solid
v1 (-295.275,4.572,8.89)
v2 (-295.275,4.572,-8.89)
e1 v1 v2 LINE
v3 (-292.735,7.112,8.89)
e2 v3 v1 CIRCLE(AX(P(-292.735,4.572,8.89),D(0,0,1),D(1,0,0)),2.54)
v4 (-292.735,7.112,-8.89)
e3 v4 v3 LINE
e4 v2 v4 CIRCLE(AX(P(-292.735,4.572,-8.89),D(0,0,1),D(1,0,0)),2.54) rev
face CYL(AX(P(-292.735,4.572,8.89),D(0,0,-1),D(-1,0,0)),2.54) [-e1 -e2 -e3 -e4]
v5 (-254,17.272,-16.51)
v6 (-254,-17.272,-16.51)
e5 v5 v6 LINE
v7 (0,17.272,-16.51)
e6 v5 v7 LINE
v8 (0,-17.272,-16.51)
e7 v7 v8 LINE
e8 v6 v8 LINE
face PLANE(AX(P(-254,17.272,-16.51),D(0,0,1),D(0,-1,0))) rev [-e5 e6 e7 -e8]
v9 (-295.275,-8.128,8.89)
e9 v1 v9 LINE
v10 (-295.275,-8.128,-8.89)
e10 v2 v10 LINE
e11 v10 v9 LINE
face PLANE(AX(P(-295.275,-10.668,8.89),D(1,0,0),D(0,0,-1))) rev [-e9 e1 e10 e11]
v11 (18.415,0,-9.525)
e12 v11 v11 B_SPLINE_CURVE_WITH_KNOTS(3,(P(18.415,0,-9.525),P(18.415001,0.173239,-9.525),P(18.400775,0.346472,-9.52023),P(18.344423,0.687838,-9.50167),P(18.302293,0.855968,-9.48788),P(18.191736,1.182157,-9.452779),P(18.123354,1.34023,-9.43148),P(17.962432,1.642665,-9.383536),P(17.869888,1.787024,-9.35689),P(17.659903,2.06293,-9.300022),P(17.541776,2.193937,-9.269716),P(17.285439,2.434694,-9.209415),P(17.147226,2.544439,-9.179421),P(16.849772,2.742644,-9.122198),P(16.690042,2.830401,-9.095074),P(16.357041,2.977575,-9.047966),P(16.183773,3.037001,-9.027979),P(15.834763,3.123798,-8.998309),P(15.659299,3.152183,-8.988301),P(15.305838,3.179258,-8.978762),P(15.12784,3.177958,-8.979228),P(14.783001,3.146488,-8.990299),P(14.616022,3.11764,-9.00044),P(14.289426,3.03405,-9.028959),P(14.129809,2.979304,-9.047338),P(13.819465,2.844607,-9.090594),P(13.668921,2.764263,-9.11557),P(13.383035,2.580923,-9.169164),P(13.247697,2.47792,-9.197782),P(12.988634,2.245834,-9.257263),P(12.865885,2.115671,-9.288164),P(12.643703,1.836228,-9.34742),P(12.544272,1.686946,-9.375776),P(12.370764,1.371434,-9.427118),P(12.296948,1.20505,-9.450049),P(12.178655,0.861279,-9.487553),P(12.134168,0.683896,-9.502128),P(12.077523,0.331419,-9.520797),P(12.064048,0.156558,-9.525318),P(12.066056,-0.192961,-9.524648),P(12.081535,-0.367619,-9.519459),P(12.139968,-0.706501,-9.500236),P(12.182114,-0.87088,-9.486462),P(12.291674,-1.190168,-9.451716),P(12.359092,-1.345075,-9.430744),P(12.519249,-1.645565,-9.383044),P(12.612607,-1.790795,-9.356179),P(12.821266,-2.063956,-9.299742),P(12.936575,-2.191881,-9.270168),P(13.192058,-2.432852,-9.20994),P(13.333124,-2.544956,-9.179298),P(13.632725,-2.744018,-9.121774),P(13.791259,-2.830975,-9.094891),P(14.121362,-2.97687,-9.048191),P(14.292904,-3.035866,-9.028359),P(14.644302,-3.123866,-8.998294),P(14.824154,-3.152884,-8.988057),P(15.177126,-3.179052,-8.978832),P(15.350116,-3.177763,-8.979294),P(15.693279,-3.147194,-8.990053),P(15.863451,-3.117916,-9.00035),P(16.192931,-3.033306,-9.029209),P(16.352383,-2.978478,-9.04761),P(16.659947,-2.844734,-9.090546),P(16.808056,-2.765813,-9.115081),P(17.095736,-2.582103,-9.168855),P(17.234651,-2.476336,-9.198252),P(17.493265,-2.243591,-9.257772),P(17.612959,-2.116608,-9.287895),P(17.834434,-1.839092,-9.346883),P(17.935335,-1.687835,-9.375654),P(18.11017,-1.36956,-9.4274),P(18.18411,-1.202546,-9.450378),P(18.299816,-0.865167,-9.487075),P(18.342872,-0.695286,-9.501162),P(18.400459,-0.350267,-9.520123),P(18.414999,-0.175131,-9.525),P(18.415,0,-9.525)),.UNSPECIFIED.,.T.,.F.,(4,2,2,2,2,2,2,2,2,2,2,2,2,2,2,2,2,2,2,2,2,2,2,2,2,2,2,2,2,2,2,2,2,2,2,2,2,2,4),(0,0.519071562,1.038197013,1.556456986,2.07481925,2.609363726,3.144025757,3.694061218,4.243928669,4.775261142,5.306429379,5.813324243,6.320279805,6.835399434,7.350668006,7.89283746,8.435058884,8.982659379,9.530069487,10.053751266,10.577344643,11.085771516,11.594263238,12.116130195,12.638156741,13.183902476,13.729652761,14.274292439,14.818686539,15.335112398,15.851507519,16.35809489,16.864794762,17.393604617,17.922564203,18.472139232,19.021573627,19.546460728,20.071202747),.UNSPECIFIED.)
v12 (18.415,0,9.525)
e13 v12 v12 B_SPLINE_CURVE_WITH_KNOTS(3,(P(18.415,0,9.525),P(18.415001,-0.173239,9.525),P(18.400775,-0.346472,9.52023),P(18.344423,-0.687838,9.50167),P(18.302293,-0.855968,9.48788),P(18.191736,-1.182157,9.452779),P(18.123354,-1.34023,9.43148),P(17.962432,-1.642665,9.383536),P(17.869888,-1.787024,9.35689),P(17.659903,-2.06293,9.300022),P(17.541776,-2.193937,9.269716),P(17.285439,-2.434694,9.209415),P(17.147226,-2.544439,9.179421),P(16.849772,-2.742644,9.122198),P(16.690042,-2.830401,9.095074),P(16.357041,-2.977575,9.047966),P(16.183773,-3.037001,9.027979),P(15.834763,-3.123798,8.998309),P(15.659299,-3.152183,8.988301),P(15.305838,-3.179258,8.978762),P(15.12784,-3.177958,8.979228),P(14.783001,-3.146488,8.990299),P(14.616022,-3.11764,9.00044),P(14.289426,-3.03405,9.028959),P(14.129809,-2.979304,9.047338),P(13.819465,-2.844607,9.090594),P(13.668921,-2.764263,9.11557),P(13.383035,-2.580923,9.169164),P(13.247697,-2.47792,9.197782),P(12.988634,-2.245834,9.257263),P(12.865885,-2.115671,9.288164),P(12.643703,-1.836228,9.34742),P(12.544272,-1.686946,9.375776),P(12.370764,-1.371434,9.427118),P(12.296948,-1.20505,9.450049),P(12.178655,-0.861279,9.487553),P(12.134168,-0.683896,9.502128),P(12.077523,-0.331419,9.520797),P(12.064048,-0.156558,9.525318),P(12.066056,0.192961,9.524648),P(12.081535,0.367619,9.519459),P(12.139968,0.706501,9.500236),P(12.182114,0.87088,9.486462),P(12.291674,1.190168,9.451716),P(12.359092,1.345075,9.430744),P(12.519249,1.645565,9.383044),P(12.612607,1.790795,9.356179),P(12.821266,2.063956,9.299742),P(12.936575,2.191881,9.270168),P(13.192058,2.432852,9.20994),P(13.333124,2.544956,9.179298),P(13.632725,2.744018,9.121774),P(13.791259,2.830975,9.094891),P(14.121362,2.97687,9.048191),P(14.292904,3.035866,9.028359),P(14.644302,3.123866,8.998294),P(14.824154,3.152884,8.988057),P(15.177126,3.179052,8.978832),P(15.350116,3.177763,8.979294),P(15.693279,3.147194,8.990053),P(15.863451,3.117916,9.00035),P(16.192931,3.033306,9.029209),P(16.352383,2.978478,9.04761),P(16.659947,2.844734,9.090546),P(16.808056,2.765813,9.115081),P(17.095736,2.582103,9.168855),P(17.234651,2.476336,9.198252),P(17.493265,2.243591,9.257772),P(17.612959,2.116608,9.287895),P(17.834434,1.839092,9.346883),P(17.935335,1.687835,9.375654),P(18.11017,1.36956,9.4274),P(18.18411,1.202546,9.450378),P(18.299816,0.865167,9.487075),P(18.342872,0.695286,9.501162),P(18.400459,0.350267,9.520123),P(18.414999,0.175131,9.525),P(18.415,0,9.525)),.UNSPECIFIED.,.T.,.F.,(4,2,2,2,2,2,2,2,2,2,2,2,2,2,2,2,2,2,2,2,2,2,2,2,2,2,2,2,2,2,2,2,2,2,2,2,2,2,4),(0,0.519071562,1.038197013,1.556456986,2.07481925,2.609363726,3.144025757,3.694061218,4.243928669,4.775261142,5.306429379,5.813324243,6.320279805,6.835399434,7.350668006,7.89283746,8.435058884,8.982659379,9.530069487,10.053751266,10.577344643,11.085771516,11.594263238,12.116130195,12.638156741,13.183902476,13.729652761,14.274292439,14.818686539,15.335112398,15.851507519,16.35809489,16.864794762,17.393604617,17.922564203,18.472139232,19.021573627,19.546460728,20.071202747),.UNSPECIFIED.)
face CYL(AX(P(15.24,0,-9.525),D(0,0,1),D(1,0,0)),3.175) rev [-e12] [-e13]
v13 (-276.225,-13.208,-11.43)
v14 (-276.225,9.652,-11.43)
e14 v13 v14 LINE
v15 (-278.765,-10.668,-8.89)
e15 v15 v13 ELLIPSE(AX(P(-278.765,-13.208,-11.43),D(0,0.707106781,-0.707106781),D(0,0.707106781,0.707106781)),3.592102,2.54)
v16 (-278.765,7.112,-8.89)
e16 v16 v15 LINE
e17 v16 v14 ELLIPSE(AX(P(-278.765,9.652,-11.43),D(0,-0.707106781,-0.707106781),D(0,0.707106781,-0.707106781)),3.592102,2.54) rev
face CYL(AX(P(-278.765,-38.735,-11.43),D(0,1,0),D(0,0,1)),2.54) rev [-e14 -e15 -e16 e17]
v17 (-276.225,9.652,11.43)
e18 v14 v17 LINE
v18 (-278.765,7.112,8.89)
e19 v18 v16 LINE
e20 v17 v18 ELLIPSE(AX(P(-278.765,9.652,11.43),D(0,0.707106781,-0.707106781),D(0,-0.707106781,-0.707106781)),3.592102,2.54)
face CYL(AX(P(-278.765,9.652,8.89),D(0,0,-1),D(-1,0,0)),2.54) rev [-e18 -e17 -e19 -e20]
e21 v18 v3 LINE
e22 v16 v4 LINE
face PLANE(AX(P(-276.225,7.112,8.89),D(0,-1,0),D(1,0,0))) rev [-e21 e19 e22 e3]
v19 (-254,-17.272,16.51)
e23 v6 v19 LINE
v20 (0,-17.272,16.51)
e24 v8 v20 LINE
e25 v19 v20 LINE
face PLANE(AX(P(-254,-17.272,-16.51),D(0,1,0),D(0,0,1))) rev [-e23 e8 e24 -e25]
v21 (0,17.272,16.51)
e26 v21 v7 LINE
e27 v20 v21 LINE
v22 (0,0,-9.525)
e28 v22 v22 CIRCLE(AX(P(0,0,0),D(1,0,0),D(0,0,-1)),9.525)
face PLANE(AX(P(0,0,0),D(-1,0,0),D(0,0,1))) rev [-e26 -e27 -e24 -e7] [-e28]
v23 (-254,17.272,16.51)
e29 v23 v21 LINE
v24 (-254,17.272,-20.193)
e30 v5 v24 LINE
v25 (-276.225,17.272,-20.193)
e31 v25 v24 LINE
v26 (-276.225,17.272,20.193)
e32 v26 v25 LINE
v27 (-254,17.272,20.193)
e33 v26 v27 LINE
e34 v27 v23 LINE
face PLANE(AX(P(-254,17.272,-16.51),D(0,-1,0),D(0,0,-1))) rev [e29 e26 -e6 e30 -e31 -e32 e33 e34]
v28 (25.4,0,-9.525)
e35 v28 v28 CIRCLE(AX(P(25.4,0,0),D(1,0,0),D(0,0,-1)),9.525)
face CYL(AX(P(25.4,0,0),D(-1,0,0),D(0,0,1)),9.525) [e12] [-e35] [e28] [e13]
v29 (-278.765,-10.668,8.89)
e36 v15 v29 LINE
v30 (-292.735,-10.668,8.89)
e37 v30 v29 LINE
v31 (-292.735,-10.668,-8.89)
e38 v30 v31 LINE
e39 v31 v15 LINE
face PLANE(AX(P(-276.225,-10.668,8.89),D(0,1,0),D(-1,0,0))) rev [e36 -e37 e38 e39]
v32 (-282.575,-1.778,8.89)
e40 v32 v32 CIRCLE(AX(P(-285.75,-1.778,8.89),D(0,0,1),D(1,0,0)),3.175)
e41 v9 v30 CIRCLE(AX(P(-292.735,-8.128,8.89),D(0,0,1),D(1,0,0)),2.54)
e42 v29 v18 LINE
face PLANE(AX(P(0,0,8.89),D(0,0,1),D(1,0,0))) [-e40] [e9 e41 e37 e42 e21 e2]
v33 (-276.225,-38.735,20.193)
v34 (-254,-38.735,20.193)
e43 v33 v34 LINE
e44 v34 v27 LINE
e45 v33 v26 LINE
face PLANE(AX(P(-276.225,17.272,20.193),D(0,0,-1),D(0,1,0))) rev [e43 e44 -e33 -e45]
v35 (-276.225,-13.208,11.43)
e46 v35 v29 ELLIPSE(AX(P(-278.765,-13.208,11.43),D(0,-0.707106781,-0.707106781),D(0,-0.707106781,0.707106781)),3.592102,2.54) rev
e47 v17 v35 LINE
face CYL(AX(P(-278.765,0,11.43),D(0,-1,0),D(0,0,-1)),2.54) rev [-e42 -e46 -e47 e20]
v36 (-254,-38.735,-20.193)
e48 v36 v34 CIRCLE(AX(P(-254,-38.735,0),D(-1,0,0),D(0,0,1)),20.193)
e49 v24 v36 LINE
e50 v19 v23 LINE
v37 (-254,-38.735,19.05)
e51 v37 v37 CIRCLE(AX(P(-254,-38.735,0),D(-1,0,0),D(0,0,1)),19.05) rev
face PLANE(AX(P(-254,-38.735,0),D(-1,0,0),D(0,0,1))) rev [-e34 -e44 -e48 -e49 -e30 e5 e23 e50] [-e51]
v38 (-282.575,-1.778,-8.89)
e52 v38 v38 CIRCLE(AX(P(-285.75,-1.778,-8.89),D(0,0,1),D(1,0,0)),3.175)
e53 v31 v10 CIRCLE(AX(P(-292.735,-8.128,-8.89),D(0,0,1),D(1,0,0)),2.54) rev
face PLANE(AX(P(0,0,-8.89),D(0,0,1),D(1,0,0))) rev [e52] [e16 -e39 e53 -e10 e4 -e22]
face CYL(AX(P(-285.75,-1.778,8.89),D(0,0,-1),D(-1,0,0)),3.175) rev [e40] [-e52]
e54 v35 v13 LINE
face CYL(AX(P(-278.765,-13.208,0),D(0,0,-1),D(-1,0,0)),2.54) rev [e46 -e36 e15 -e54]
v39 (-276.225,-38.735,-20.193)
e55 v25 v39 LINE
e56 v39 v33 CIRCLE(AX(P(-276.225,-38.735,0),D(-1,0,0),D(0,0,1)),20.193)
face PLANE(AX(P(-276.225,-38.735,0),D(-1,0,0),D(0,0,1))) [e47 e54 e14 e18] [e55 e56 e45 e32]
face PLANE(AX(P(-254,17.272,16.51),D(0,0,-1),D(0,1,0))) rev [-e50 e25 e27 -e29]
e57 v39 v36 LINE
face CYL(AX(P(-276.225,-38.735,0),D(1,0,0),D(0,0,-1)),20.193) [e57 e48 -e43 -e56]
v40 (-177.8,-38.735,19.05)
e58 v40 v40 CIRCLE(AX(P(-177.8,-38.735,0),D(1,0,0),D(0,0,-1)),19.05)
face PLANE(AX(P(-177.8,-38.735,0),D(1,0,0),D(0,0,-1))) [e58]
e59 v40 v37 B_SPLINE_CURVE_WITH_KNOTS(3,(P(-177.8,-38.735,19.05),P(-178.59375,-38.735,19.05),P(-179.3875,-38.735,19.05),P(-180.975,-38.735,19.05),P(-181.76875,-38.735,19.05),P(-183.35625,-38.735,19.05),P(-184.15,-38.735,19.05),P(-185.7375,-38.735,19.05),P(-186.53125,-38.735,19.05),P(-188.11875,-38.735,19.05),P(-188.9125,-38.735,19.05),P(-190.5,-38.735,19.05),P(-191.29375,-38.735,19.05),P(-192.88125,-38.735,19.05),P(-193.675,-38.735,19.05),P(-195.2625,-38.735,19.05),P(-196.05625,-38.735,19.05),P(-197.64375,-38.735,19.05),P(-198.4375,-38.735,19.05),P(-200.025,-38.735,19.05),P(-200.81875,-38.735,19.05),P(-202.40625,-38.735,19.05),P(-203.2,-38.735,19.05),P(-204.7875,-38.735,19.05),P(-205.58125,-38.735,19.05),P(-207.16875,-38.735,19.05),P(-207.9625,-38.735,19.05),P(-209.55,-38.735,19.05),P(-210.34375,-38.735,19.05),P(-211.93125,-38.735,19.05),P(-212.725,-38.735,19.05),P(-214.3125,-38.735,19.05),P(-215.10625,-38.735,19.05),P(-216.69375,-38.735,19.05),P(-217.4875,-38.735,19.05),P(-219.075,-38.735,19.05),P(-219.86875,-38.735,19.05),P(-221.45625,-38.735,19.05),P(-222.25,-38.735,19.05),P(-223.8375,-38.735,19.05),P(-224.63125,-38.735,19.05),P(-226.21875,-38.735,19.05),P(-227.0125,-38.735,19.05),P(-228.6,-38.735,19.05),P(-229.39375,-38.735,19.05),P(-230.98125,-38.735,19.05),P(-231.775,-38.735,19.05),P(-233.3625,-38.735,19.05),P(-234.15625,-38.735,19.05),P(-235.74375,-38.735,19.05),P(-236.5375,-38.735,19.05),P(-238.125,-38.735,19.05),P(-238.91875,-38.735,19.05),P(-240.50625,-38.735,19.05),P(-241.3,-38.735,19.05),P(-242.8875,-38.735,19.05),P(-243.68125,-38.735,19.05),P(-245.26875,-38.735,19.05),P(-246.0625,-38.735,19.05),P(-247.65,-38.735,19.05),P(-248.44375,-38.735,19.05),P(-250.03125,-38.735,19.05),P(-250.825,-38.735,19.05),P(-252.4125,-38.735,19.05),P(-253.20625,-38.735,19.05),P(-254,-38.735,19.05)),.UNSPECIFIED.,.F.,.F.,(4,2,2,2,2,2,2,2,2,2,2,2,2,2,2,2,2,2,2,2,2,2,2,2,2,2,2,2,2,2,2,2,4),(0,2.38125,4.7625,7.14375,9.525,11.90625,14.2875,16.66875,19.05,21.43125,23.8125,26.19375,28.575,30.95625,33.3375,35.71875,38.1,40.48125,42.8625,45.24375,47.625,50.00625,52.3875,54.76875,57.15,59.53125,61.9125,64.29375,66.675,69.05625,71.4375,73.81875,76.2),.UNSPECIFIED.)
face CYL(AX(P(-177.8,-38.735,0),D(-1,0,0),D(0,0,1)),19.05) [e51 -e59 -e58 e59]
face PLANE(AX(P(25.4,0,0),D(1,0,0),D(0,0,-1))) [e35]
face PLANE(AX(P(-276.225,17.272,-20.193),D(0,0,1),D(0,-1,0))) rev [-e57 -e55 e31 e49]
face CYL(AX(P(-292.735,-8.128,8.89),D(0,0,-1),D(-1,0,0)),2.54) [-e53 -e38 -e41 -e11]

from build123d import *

# Parameters (mm, degrees)
SKETCH1_R               = 9.525
BOSS_EXTRUDE1_DEPTH     = 25.4
CUT_EXTRUDE1_DEPTH      = 29.750847814
CUT_EXTRUDE1_DEPTH_BACK = 29.750847814
SKETCH2_R               = 3.175
SKETCH3_W               = 33.02
SKETCH3_H               = 34.544
BOSS_EXTRUDE2_DEPTH     = 254
BOSS_EXTRUDE3_DEPTH     = 22.225
SKETCH5_R               = 19.05
BOSS_EXTRUDE4_DEPTH     = 76.2
SKETCH6_W               = 19.05
SKETCH6_H               = 17.78
SKETCH6_R               = 3.175
BOSS_EXTRUDE5_DEPTH     = 8.89
FILLET1_R               = 2.54


with BuildPart() as part:
    # Sketch1 → Boss-Extrude1 (new body)
    with BuildSketch(Plane(origin=(0, 0, 0), x_dir=(0, 0, -1), z_dir=(1, 0, 0))):
        Circle(SKETCH1_R)
    extrude(amount=BOSS_EXTRUDE1_DEPTH)

    # Sketch2 → Cut-Extrude1 (cut, two sides: drawn at the far end of the back side and taken through both)
    with BuildSketch(Plane.XY.offset(-CUT_EXTRUDE1_DEPTH_BACK)):
        with Locations((15.24, 0)):
            Circle(SKETCH2_R)
    extrude(amount=CUT_EXTRUDE1_DEPTH + CUT_EXTRUDE1_DEPTH_BACK, mode=Mode.SUBTRACT)

    # Sketch3 → Boss-Extrude2 (add)
    with BuildSketch(Plane.ZY):
        Rectangle(SKETCH3_W, SKETCH3_H)
    extrude(amount=BOSS_EXTRUDE2_DEPTH)

    # Sketch4 → Boss-Extrude3 (add)
    with BuildSketch(Plane.ZY.offset(254)):
        with BuildLine():
            Line((-20.193, 17.272), (20.193, 17.272))
            Line((20.193, 17.272), (20.193, -38.735))
            ThreePointArc((20.193, -38.735), (0, -58.928), (-20.193, -38.735))
            Line((-20.193, -38.735), (-20.193, 17.272))
        make_face()
    extrude(amount=BOSS_EXTRUDE3_DEPTH)

    # Sketch5 → Boss-Extrude4 (add)
    with BuildSketch(Plane(origin=(-254, 0, 0), x_dir=(0, 0, -1), z_dir=(1, 0, 0))):
        with Locations(Location((0, -38.735, 0), (0, 0, 180))):
            Circle(SKETCH5_R)
    extrude(amount=BOSS_EXTRUDE4_DEPTH)

    # Sketch6 → Boss-Extrude5 (add, symmetric)
    with BuildSketch(Plane.XY):
        with Locations((-285.75, -1.778)):
            Rectangle(SKETCH6_W, SKETCH6_H)
        with Locations((-285.75, -1.778)):
            Circle(SKETCH6_R, mode=Mode.SUBTRACT)
    extrude(amount=BOSS_EXTRUDE5_DEPTH, both=True)

    # Fillet1
    fillet1_edges = [part.edges().sort_by_distance(p)[0] for p in [
        (-276.225, -1.778, 8.89),
        (-276.225, -1.778, -8.89),
        (-276.225, -10.668, 0),
        (-276.225, 7.112, 0),
        (-295.275, 7.112, 0),
        (-295.275, -10.668, 0),
    ]]
    fillet(fillet1_edges, radius=FILLET1_R)


solid = part.part
